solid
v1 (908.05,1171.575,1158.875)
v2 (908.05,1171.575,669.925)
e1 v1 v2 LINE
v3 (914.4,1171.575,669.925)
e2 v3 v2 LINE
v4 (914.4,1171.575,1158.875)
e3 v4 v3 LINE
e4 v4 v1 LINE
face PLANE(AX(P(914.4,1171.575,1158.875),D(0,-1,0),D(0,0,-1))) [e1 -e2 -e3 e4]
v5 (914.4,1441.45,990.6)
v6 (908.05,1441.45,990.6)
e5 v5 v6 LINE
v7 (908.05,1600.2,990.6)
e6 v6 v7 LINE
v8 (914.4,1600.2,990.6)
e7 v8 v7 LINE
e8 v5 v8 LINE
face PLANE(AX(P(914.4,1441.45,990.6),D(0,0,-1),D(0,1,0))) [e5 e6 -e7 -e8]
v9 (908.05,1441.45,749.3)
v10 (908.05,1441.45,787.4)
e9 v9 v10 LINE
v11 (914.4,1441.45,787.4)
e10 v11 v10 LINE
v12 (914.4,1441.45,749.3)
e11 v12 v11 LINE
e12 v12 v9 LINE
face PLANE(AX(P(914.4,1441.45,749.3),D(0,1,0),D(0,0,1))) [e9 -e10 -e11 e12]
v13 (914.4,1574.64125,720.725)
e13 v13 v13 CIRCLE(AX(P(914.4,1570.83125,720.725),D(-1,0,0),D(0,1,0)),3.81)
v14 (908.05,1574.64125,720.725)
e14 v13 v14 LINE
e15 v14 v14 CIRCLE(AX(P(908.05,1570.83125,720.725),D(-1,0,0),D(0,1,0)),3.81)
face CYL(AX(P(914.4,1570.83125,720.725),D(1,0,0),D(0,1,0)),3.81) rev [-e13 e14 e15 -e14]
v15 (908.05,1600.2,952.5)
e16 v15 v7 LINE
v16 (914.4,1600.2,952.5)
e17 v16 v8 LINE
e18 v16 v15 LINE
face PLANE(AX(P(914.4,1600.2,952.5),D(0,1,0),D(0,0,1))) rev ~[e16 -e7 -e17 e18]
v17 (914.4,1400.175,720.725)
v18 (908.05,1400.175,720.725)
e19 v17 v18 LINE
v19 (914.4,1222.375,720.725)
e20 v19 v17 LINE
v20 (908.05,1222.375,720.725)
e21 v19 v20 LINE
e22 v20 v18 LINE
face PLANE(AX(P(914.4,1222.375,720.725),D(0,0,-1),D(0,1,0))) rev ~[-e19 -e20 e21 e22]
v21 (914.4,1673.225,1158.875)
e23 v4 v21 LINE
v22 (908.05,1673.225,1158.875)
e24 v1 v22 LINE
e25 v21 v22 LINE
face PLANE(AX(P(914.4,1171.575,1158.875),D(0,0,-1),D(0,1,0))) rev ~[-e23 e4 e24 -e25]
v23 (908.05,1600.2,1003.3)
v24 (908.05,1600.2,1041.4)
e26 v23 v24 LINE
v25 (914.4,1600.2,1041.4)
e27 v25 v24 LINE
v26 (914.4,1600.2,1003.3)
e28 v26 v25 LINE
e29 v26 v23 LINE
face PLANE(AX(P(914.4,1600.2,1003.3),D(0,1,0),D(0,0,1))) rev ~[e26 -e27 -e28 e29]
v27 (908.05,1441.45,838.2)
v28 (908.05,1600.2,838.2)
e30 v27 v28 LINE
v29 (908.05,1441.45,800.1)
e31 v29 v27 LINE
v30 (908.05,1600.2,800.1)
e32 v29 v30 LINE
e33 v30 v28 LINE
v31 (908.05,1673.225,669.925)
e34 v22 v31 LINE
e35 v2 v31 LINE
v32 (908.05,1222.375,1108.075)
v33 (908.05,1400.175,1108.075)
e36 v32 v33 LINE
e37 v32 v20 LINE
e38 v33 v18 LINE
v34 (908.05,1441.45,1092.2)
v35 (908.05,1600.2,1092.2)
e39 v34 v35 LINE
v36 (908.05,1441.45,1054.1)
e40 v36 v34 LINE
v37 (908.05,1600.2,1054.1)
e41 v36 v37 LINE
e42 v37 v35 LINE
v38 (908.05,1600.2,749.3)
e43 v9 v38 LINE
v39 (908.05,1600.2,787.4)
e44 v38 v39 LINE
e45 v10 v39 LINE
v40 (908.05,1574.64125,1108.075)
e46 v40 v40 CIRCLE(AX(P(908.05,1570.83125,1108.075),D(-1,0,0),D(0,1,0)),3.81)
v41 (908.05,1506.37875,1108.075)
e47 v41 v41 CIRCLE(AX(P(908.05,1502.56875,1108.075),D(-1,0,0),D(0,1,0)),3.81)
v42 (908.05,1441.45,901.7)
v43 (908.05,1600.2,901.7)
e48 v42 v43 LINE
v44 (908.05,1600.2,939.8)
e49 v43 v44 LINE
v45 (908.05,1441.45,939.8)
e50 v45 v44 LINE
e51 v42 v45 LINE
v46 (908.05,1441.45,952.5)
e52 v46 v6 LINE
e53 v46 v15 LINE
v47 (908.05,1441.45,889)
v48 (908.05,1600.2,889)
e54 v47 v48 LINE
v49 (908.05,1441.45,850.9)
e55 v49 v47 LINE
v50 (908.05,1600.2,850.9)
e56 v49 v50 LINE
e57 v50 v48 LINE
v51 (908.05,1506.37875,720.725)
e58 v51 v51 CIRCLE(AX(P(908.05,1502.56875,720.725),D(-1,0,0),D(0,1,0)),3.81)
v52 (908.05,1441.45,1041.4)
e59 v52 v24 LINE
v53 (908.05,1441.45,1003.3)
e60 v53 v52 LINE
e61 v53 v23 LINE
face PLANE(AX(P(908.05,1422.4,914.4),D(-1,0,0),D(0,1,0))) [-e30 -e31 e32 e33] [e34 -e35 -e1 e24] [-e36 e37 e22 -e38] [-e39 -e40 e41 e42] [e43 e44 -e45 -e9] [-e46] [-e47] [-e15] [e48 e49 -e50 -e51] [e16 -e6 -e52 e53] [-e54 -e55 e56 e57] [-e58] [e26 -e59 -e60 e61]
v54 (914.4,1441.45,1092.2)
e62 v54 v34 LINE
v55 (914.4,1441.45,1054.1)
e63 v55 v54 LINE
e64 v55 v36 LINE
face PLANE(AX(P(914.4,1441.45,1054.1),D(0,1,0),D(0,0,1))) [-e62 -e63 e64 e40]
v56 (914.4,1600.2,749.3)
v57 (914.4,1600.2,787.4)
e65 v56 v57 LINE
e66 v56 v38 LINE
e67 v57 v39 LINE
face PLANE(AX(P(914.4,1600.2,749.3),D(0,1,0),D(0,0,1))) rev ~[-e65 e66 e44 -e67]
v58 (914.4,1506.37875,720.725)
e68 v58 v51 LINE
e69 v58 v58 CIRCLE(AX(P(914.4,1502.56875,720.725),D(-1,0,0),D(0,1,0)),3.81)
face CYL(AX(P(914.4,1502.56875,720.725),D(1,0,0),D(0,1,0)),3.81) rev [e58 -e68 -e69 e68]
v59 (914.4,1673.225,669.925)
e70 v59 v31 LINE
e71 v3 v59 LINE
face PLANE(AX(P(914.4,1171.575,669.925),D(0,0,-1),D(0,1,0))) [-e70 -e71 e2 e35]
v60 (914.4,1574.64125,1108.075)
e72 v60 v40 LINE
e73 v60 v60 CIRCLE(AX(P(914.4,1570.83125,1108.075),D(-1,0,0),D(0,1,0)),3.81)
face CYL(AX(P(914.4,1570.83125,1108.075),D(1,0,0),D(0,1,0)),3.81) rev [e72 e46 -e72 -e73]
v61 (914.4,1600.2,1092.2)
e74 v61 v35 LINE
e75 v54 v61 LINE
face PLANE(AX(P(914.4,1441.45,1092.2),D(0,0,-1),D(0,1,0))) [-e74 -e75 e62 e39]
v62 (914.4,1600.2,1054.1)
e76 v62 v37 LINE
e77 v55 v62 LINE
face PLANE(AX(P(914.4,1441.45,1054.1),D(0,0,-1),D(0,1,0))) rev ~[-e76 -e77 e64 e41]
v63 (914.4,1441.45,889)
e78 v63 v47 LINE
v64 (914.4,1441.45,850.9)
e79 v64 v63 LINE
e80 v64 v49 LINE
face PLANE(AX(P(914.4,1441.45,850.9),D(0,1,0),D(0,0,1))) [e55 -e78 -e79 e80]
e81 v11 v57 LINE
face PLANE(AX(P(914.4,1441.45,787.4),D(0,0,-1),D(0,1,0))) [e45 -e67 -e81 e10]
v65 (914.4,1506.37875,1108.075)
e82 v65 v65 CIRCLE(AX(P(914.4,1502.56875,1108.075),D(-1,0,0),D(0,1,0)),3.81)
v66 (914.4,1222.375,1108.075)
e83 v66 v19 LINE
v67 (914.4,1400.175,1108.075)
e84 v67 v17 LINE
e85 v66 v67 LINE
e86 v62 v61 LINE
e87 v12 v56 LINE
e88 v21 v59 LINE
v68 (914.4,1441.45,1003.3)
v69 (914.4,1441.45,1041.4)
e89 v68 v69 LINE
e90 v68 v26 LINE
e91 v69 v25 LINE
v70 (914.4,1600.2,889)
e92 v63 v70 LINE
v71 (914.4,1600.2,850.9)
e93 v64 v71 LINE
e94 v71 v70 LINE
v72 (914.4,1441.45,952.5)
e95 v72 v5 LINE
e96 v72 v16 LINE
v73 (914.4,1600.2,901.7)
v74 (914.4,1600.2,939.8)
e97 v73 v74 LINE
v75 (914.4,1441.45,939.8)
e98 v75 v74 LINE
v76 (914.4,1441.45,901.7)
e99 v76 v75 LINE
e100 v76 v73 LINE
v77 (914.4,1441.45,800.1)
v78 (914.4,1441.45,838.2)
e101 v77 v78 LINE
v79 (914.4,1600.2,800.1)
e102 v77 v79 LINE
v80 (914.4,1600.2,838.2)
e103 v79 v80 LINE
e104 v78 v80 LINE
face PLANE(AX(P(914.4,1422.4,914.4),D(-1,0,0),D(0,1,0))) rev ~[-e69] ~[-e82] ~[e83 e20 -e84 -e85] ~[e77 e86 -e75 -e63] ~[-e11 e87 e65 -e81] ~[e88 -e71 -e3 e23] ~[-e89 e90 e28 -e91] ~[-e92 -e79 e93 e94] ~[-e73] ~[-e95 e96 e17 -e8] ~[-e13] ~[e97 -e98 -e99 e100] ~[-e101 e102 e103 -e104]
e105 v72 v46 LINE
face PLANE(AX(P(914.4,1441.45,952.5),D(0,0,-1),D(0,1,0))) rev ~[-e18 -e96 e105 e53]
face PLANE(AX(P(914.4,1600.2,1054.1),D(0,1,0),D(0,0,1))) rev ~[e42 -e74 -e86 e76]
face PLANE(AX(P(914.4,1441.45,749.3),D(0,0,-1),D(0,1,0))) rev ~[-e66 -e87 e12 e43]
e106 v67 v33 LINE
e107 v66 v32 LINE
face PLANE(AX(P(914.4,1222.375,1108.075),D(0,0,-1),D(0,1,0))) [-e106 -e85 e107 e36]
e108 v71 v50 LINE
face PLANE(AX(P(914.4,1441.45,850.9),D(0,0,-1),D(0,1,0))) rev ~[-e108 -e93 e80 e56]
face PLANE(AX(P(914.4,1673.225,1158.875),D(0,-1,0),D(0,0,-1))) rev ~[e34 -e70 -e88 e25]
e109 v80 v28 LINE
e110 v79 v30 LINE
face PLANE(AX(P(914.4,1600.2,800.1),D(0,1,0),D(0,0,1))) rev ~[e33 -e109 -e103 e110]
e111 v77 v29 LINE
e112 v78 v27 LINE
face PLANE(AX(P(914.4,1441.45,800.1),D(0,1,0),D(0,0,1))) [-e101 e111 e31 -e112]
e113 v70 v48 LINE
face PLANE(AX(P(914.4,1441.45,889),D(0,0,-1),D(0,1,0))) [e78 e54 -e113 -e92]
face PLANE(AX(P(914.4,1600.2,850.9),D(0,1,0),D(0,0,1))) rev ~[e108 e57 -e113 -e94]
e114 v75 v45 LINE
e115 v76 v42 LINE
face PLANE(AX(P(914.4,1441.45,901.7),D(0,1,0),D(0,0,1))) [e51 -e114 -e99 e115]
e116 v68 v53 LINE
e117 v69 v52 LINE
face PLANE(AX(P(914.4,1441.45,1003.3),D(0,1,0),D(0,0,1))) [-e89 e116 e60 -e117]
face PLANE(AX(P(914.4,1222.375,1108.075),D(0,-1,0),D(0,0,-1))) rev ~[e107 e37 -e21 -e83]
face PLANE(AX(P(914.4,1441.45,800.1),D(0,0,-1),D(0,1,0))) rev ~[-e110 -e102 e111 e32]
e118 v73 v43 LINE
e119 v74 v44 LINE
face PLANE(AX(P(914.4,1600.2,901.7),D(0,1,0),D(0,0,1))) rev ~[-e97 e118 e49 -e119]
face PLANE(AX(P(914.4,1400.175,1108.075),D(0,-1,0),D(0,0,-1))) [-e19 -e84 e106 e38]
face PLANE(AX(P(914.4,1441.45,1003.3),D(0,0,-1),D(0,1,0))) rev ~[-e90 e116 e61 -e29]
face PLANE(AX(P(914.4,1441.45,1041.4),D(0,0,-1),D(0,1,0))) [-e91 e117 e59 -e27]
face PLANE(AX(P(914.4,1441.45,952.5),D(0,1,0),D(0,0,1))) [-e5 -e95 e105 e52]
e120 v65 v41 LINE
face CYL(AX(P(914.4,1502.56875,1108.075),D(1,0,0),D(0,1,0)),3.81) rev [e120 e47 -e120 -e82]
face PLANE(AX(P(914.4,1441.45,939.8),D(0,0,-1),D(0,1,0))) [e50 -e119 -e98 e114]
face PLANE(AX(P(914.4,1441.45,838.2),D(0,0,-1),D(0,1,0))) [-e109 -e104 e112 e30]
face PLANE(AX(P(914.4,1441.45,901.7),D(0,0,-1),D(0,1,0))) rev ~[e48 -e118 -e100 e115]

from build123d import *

# Parameters (mm, degrees)
SKETCH001_W         = 501.65
SKETCH001_H         = 488.95
SKETCH001_R         = 3.81
SKETCH001_W_2       = 177.8
SKETCH001_H_2       = 387.35
PAD007_DEPTH        = 6.35
SKETCH005_W         = 158.75
SKETCH005_H         = 38.1
POCKET_DEPTH        = 6.35
LINEARPATTERN_COUNT = 7
LINEARPATTERN_PITCH = 50.8


with BuildPart() as part:
    # Sketch001 → Pad007 (new body)
    with BuildSketch(Plane(origin=(914.4, 1422.4, 914.4), x_dir=(0, 1, 0), z_dir=(-1, 0, 0))):
        Rectangle(SKETCH001_W, SKETCH001_H)
        with Locations((80.16875, 193.675)):
            Circle(SKETCH001_R, mode=Mode.SUBTRACT)
        with Locations((148.43125, 193.675)):
            Circle(SKETCH001_R, mode=Mode.SUBTRACT)
        with Locations((80.16875, -193.675)):
            Circle(SKETCH001_R, mode=Mode.SUBTRACT)
        with Locations((148.43125, -193.675)):
            Circle(SKETCH001_R, mode=Mode.SUBTRACT)
        with Locations((-111.125, 0)):
            Rectangle(SKETCH001_W_2, SKETCH001_H_2, mode=Mode.SUBTRACT)
    extrude(amount=PAD007_DEPTH)

    # Sketch005 → Pocket (cut)
    with BuildSketch(Plane(origin=(914.4, 1422.4, 914.4), x_dir=(0, 1, 0), z_dir=(1, 0, 0))):
        with Locations((98.425, 158.75)):
            Rectangle(SKETCH005_W, SKETCH005_H)
    pocket = extrude(amount=-POCKET_DEPTH, mode=Mode.SUBTRACT)

    # LinearPattern: Pocket ×7
    with Locations(*[(0, 0, -i * LINEARPATTERN_PITCH) for i in range(1, LINEARPATTERN_COUNT)]):
        add(pocket, mode=Mode.SUBTRACT)


solid = part.part
